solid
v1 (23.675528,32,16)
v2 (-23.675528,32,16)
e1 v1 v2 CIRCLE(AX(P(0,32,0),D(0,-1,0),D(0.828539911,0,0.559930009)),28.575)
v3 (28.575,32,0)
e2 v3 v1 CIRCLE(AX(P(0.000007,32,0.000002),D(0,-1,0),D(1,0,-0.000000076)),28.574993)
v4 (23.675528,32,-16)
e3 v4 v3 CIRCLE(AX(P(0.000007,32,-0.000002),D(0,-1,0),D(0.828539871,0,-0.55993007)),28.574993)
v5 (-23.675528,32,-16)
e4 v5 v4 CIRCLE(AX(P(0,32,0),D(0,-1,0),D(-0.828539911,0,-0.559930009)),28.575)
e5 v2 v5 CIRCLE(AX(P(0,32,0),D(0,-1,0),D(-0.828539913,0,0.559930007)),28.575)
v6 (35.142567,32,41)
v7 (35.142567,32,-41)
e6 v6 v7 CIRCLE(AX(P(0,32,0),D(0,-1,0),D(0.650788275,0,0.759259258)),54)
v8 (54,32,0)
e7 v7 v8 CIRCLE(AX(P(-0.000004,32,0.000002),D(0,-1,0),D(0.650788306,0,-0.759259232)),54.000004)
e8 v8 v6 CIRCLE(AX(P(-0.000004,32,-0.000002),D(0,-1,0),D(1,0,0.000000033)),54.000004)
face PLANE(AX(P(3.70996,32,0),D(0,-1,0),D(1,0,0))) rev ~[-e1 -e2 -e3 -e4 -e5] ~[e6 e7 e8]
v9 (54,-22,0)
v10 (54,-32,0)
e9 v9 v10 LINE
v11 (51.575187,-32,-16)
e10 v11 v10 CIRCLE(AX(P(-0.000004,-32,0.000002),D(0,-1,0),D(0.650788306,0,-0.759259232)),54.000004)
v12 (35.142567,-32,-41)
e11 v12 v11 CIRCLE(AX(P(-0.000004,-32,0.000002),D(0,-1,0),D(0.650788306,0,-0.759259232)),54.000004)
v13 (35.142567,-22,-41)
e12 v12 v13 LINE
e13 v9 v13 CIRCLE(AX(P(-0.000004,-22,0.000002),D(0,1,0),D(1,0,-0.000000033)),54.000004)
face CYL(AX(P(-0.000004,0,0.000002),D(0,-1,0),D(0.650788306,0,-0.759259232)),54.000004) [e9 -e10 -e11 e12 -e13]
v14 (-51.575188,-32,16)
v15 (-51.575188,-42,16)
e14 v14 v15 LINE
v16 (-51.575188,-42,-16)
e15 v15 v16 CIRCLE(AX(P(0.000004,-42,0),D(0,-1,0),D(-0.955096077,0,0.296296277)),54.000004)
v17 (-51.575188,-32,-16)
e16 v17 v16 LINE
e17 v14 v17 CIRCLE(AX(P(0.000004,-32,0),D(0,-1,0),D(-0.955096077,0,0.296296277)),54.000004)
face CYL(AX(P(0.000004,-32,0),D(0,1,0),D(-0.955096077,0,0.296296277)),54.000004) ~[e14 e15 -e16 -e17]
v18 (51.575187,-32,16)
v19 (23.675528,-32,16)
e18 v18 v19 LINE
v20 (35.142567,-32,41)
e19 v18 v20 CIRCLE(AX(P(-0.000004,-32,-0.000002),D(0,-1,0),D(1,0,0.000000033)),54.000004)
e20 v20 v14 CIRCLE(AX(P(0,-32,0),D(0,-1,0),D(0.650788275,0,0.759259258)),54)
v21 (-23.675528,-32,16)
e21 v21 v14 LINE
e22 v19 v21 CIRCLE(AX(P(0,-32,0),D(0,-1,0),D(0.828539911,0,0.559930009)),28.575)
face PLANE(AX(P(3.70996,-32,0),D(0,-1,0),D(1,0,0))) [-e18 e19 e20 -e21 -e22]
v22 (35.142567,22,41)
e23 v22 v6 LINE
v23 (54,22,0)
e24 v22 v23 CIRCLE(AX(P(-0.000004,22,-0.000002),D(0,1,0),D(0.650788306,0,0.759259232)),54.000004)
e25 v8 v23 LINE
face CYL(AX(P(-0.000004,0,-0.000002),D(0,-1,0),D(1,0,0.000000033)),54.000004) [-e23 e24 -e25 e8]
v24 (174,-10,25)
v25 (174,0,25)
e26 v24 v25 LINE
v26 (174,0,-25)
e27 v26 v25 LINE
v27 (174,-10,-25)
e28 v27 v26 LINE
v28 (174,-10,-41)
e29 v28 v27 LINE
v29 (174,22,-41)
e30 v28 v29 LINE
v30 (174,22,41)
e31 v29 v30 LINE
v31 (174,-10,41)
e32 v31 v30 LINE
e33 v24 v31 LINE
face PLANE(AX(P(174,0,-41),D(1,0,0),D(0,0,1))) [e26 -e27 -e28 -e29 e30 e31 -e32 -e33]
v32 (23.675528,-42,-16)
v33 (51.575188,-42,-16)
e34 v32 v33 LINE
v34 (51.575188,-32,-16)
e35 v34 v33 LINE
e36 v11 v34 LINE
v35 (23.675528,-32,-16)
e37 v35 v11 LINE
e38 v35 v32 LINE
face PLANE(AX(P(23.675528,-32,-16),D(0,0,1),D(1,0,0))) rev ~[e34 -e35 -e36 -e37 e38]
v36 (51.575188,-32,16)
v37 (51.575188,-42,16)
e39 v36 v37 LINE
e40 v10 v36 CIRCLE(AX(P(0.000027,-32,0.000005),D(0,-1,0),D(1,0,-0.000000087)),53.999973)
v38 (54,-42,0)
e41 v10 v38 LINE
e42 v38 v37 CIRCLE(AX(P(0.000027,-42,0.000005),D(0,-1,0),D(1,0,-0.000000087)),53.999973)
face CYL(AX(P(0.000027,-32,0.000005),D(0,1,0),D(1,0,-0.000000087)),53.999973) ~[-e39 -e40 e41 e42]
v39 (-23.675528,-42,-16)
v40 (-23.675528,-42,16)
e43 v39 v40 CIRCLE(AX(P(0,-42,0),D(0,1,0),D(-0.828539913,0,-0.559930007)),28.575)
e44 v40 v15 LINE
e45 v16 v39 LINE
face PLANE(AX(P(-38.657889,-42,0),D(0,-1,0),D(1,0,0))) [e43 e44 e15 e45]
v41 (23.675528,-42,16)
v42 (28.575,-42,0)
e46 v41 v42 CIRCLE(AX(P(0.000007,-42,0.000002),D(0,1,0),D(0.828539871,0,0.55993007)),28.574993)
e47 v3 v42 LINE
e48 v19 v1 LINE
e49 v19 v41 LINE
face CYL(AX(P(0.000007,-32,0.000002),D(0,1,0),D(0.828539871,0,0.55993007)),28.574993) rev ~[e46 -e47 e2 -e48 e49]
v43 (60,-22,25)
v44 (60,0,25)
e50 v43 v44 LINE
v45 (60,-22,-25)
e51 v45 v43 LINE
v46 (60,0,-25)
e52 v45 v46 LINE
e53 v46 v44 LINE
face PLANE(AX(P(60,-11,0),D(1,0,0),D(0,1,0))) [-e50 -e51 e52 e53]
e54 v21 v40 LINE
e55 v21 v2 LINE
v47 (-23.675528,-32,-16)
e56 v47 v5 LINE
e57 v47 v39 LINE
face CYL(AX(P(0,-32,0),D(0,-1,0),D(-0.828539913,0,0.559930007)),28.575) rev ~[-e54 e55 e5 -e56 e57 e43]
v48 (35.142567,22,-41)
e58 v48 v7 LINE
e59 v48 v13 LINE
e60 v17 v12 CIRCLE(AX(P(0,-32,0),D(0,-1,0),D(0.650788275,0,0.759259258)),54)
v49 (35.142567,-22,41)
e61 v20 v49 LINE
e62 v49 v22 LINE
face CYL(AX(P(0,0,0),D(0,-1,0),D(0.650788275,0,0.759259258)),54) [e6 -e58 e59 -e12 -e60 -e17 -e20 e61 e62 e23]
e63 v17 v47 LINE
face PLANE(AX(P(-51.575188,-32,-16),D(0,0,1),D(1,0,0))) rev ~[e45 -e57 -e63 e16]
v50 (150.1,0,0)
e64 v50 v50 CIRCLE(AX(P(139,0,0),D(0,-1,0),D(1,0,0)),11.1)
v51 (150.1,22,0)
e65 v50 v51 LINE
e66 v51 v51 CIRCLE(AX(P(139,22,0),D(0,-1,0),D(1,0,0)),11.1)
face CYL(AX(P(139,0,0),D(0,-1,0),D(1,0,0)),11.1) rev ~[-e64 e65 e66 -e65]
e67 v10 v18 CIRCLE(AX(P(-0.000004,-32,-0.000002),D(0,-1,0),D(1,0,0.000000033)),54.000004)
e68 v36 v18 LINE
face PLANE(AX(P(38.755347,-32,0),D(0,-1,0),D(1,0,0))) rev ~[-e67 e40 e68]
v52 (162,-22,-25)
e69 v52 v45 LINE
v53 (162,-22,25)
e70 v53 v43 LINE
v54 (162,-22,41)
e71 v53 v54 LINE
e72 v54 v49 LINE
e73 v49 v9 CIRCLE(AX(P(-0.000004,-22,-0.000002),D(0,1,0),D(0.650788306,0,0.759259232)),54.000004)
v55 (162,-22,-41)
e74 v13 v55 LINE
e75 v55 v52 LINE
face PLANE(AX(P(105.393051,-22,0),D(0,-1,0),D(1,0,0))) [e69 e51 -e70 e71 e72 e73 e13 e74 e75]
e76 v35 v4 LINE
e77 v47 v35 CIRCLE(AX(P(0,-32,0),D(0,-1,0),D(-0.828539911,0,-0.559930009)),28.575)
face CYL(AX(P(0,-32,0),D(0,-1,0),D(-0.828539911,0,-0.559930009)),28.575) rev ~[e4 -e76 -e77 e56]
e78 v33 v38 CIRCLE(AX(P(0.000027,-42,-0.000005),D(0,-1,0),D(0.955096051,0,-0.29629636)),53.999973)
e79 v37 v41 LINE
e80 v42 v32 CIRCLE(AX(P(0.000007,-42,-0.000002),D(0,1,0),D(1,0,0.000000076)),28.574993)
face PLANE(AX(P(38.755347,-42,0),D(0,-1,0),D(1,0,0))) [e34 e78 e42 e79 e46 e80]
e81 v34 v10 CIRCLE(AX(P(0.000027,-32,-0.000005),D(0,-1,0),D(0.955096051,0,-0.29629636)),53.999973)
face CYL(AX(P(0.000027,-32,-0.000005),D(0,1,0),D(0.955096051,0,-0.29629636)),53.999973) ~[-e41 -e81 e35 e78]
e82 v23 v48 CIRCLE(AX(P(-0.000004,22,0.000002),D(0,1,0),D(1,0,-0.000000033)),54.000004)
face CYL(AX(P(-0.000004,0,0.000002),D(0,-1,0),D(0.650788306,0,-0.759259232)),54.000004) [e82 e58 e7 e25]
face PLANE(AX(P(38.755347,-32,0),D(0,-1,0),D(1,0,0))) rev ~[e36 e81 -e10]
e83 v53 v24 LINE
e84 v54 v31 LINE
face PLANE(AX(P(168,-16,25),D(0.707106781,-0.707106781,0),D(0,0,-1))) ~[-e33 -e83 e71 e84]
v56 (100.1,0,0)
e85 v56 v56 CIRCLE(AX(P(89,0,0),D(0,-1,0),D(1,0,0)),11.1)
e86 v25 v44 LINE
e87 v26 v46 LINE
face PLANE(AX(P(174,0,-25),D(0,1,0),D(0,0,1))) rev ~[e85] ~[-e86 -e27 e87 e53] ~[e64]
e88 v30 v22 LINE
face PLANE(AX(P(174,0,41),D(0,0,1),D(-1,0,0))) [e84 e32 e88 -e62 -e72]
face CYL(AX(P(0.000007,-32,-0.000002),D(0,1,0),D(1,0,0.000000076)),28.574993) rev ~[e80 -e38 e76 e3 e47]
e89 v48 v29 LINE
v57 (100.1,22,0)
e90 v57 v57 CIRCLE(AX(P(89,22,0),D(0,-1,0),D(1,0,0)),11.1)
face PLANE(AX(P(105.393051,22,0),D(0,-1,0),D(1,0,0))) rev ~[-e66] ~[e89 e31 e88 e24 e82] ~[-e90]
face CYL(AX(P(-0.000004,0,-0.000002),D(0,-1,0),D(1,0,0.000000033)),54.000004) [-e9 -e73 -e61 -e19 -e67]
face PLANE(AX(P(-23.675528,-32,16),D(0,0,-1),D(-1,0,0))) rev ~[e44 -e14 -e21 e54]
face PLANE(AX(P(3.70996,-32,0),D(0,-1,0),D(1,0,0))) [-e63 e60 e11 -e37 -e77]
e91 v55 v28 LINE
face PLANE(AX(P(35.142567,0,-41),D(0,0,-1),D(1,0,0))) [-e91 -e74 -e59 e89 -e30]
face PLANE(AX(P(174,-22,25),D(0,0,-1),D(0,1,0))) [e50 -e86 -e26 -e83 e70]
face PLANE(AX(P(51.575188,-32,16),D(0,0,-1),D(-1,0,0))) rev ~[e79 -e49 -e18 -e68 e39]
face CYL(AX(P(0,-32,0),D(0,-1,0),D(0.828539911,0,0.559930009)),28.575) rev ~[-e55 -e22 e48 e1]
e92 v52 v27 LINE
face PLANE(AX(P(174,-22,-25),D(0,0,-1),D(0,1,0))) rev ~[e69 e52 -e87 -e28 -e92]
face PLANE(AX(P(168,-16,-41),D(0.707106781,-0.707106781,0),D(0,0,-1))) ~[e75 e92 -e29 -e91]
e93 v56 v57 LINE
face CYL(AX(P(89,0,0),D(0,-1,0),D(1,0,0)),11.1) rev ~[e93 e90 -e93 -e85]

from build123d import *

# Parameters (mm, degrees)
F1_DEPTH  = 22
F0_R      = 28.575
F2_DEPTH  = 32
F3_W      = 22
F3_H      = 50
F4_DEPTH  = 114
F5_R      = 11.1
F6_DEPTH  = 32.001
F8_DEPTH  = 10
F9_DEPTH  = 64.001
F10_SIZE2 = 12
F10_SIZE  = 12


with BuildPart() as f1:
    # F0 (on Front) → F1 (new body, symmetric)
    with BuildSketch(Plane.XZ):
        with BuildLine():
            ThreePointArc((35.142567, 41), (49.05965, 22.564368), (54, 0))
            ThreePointArc((54, 0), (49.05965, -22.564368), (35.142567, -41))
            Line((35.142567, -41), (174, -41))
            Line((174, -41), (174, 41))
            Line((174, 41), (35.142567, 41))
        make_face()
    extrude(amount=F1_DEPTH, both=True)

    # F0 (on Front) → F2 (join, symmetric)
    with BuildSketch(Plane.XZ):
        with BuildLine():
            ThreePointArc((35.142567, -41), (49.05965, -22.564368), (54, 0))
            ThreePointArc((54, 0), (49.05965, 22.564368), (35.142567, 41))
            ThreePointArc((35.142567, 41), (-54, 0), (35.142567, -41))
        make_face()
        Circle(F0_R, mode=Mode.SUBTRACT)
        Circle(F0_R)
    extrude(amount=F2_DEPTH, both=True)

    # F3 (on face) → F4 (cut)
    with BuildSketch(Plane.YZ.offset(174)):
        with Locations((-11, 0)):
            Rectangle(F3_W, F3_H)
    extrude(amount=-F4_DEPTH, mode=Mode.SUBTRACT)

    # F5 (on face) → F6 (cut, through all)
    with BuildSketch(Plane.XZ):
        with Locations((139, 0)):
            Circle(F5_R)
        with Locations((89, 0)):
            Circle(F5_R)
    extrude(amount=-F6_DEPTH, mode=Mode.SUBTRACT)

    # F7 (on face) → F8 (join)
    with BuildSketch(Plane.XZ.offset(32)):
        with BuildLine():
            ThreePointArc((-23.675528, -16), (-28.575, 0), (-23.675528, 16))
            Line((-23.675528, 16), (-51.575188, 16))
            ThreePointArc((-51.575188, 16), (-54, 0), (-51.575188, -16))
            Line((-51.575188, -16), (-23.675528, -16))
        make_face()
        with BuildLine():
            ThreePointArc((23.675528, 16), (27.322691, 8.366672), (28.575, 0))
            ThreePointArc((28.575, 0), (27.322691, -8.366672), (23.675528, -16))
            Line((23.675528, -16), (51.575188, -16))
            ThreePointArc((51.575188, -16), (53.390356, -8.091349), (54, 0))
            ThreePointArc((54, 0), (53.390356, 8.091349), (51.575188, 16))
            Line((51.575188, 16), (23.675528, 16))
        make_face()
    extrude(amount=F8_DEPTH)

    # F7 (on face) → F9 (cut, through all)
    with BuildSketch(Plane.XZ.offset(32)):
        with BuildLine():
            ThreePointArc((23.675528, -16), (27.322691, -8.366672), (28.575, 0))
            ThreePointArc((28.575, 0), (27.322691, 8.366672), (23.675528, 16))
            ThreePointArc((23.675528, 16), (0, 28.575), (-23.675528, 16))
            ThreePointArc((-23.675528, 16), (-28.575, 0), (-23.675528, -16))
            ThreePointArc((-23.675528, -16), (0, -28.575), (23.675528, -16))
        make_face()
    extrude(amount=-F9_DEPTH, mode=Mode.SUBTRACT)

    # F10
    f10_edges = [f1.edges().sort_by_distance(p)[0] for p in [
        (174, -22, -33),
        (174, -22, 33),
    ]]
    chamfer(f10_edges, length=F10_SIZE, length2=F10_SIZE2)


solid = f1.part
